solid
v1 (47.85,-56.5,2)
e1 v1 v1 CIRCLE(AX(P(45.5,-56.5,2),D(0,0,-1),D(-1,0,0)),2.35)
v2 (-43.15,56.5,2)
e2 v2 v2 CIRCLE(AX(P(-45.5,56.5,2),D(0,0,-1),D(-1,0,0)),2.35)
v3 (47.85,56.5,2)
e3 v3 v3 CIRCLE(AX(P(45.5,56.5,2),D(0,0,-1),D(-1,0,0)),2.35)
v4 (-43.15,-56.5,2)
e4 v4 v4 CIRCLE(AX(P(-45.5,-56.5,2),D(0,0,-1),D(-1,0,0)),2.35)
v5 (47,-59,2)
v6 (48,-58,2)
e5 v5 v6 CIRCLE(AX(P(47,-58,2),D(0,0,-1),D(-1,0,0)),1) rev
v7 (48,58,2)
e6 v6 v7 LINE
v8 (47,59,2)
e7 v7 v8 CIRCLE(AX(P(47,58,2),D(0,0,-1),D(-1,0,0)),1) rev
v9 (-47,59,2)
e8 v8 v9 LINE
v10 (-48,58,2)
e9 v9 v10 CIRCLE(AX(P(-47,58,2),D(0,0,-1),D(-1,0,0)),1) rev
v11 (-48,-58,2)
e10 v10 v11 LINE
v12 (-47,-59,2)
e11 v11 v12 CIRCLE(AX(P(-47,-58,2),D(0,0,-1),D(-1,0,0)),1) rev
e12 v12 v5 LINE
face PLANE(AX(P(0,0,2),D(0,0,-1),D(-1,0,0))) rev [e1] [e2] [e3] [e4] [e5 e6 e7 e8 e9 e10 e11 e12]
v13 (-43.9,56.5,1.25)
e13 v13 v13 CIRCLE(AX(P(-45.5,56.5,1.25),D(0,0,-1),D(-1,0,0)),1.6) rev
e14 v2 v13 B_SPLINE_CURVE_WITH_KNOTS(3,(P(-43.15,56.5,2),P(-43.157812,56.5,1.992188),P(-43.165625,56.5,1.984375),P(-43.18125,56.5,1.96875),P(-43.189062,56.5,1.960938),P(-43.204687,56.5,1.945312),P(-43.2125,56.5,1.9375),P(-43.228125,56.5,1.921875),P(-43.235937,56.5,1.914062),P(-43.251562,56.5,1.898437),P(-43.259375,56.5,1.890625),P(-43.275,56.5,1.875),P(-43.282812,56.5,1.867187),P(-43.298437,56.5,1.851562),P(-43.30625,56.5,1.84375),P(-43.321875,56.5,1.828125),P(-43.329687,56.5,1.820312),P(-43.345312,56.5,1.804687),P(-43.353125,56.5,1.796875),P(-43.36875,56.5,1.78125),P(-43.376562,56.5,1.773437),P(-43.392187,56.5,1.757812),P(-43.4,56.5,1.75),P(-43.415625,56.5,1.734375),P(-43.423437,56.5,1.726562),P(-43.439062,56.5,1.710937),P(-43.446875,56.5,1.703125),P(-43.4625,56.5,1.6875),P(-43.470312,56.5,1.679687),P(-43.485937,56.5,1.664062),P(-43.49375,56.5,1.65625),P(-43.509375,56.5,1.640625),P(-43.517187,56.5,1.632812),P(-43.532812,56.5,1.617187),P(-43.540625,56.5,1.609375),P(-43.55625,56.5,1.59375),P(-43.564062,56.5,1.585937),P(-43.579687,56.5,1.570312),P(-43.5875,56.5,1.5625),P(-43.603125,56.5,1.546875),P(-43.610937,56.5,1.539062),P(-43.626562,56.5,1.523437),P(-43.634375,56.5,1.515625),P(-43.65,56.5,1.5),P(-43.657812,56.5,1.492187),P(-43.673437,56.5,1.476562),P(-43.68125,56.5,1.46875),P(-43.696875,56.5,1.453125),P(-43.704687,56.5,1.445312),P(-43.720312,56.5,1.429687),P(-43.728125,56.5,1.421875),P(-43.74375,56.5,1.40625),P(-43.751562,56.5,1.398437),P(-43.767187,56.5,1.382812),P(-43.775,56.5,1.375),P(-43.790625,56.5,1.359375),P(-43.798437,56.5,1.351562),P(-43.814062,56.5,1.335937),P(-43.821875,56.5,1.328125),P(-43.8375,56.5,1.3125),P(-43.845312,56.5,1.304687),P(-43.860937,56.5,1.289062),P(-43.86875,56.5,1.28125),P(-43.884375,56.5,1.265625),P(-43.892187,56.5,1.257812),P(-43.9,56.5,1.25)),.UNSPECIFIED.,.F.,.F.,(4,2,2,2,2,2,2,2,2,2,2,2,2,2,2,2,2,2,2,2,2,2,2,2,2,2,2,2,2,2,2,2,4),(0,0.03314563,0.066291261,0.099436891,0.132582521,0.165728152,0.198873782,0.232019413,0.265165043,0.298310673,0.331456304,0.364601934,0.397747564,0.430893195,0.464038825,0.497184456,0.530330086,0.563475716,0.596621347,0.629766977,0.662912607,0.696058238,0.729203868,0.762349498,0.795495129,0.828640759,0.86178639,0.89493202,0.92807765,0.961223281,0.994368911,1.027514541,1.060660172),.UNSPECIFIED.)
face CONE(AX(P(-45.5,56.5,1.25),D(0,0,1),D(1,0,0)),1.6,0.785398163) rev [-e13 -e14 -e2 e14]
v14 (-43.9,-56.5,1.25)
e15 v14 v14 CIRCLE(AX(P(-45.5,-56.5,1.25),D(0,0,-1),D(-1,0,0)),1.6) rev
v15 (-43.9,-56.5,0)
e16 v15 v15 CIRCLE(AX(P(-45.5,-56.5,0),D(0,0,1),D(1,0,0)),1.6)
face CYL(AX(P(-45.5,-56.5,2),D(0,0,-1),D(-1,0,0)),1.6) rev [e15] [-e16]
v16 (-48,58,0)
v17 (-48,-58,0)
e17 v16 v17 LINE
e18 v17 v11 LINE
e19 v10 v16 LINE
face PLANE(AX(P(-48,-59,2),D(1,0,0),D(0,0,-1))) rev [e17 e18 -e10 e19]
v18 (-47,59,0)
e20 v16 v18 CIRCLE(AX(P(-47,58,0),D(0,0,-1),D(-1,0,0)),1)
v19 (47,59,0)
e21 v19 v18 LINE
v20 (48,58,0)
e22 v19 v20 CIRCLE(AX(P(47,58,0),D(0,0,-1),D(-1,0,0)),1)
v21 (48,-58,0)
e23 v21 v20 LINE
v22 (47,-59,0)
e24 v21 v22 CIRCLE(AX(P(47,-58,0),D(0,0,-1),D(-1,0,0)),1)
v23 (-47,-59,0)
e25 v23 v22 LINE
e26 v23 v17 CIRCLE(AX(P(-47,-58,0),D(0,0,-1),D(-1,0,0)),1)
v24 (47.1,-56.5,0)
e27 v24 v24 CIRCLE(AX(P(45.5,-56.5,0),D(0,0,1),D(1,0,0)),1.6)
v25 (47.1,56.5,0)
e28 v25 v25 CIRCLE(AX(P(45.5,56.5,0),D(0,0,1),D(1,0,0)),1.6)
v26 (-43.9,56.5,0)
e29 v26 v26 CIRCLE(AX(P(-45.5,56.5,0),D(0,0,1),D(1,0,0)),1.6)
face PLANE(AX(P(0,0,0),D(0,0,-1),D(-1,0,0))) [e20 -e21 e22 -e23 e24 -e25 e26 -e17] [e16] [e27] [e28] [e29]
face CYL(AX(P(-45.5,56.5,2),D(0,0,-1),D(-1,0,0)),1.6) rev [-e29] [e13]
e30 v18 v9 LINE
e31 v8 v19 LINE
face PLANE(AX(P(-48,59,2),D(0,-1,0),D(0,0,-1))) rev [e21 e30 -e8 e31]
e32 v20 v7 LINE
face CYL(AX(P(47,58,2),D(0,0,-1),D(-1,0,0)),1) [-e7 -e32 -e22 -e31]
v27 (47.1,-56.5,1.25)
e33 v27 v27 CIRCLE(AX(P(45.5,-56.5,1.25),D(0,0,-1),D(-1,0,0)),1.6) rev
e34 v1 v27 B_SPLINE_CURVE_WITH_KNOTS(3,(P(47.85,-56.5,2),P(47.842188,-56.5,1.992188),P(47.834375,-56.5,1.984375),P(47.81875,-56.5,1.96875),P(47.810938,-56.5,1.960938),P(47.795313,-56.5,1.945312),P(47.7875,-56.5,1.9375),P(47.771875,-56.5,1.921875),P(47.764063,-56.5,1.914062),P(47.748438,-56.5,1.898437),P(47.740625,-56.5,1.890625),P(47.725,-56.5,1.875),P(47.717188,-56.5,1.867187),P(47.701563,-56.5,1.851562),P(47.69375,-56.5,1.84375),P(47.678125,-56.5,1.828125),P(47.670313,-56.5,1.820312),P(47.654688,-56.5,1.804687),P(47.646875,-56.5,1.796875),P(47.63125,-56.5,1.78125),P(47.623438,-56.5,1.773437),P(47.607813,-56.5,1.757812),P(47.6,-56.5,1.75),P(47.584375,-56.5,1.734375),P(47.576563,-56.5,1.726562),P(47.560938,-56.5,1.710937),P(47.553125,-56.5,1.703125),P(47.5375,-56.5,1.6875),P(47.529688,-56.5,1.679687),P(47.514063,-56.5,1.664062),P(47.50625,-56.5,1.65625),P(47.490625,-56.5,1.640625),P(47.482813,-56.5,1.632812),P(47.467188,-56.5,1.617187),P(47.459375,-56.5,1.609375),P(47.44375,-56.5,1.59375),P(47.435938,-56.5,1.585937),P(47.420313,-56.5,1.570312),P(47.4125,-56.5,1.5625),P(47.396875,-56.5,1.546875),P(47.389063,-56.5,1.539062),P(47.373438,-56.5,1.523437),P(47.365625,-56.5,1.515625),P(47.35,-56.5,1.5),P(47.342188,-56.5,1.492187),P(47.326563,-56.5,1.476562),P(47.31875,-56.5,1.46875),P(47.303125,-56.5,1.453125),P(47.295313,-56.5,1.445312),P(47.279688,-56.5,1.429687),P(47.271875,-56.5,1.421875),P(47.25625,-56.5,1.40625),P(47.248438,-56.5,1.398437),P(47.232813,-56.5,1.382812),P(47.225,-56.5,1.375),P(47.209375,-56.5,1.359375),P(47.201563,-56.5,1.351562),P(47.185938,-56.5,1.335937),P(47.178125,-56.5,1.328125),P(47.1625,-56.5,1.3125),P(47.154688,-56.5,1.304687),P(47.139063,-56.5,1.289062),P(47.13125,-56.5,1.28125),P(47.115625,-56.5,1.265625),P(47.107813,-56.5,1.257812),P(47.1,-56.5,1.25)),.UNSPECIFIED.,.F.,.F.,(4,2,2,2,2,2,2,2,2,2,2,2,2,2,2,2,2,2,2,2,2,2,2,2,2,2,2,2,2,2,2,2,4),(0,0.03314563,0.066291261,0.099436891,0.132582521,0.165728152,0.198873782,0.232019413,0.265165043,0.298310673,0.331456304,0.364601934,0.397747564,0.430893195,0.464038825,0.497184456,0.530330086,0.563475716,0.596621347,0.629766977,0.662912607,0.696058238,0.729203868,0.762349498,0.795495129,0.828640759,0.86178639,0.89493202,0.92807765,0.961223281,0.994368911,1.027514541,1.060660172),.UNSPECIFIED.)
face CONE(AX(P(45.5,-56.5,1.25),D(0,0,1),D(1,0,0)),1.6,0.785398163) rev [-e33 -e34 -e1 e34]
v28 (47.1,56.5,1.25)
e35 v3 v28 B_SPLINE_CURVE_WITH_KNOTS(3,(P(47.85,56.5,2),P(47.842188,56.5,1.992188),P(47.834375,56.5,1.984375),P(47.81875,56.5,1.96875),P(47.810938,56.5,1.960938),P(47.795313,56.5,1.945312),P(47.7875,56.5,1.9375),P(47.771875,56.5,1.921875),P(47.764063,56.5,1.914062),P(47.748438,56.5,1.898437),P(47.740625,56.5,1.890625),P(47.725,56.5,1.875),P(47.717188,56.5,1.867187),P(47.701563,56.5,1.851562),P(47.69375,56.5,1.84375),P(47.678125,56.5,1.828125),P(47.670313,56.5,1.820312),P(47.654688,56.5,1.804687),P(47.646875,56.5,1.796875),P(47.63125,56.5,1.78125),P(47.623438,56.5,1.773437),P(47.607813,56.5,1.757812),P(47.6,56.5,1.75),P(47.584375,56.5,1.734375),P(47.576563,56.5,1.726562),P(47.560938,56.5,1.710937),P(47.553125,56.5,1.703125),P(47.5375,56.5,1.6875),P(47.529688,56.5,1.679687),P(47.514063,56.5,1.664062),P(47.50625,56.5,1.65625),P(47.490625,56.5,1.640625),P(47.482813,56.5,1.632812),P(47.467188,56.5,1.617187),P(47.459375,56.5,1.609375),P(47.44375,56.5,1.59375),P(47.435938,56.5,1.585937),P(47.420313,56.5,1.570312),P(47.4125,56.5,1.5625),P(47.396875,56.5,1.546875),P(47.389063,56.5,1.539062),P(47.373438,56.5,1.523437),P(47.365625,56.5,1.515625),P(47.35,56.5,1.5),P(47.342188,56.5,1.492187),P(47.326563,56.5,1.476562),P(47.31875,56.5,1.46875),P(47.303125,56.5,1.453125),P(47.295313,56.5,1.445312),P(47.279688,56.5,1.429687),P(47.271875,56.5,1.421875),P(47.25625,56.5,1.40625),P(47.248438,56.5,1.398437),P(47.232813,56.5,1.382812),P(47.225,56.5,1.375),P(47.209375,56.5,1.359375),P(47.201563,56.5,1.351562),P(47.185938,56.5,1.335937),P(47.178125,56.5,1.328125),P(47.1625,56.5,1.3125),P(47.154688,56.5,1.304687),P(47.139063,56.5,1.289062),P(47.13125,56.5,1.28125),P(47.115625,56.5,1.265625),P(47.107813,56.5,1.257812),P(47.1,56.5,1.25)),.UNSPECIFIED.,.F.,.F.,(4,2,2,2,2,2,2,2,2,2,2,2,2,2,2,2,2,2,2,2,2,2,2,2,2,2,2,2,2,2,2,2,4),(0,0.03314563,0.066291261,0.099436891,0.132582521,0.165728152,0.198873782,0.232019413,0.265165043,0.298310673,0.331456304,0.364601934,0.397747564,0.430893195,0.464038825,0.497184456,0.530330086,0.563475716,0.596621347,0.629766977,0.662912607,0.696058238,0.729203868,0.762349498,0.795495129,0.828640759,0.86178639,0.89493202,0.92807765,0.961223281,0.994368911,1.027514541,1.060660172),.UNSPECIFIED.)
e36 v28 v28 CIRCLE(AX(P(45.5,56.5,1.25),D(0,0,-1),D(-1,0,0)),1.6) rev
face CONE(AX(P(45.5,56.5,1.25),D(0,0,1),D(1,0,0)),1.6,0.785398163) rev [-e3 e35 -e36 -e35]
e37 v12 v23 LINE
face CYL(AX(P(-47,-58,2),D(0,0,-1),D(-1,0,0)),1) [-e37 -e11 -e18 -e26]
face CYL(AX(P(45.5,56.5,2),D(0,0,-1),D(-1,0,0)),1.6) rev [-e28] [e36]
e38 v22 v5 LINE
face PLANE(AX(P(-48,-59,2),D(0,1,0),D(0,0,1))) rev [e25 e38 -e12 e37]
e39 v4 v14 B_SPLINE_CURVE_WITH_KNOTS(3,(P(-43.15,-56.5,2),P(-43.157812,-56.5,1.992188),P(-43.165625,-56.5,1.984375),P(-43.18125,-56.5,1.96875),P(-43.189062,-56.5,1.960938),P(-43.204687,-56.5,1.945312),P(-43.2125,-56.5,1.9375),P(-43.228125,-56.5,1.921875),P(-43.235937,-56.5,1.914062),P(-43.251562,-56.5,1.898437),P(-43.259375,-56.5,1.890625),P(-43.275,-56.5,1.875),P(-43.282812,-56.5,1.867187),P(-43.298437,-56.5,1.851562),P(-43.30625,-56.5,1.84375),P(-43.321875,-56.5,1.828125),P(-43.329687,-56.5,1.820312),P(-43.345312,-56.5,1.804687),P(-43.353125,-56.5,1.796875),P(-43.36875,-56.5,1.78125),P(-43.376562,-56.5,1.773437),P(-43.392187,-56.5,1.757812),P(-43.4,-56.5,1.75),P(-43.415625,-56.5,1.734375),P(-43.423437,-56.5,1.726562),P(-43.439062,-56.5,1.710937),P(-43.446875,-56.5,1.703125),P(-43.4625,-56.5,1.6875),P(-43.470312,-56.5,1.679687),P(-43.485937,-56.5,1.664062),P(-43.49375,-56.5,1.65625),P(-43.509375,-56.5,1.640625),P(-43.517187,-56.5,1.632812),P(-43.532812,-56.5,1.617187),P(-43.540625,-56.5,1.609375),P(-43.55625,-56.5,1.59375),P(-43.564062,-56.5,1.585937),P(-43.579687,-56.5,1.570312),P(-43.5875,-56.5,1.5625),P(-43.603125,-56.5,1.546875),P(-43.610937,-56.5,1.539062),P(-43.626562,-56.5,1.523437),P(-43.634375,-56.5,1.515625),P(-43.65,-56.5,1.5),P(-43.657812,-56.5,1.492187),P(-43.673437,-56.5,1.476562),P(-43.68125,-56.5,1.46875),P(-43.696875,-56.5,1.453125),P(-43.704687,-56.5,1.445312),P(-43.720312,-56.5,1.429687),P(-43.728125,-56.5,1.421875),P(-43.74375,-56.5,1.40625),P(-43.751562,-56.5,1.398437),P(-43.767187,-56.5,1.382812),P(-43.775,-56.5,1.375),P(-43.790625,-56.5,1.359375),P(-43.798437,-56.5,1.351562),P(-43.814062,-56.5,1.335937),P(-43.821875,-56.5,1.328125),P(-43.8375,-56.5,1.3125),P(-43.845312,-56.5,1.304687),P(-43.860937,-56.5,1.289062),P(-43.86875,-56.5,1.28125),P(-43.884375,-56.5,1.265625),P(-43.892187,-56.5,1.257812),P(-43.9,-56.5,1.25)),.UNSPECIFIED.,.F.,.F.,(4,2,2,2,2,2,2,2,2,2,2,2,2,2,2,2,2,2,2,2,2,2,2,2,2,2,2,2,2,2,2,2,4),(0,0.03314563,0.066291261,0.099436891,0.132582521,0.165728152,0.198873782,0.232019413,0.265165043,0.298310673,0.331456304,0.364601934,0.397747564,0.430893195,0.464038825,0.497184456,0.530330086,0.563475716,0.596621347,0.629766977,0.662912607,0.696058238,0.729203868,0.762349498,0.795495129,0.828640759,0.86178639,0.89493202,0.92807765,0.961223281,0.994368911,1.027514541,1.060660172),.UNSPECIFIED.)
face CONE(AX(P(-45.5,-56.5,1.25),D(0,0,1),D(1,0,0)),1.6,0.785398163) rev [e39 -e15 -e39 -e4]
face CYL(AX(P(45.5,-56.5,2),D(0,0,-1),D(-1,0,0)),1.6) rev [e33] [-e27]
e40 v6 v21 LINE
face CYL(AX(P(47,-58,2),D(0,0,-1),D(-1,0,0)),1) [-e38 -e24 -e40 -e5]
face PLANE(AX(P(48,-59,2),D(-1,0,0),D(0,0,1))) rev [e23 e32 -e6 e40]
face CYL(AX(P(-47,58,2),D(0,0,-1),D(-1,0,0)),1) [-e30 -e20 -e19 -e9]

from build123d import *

# Parameters (mm, degrees)
SKIZZE1_W                       = 96
SKIZZE1_H                       = 118
SKIZZE1_R                       = 1.6
AUFSATZ_LINEAR_AUSTRAGEN2_DEPTH = 2
FASE2_SIZE                      = 0.75
VERRUNDUNG2_R                   = 1


with BuildPart() as part:
    # Skizze1 → Aufsatz-Linear austragen2 (new body)
    with BuildSketch(Plane.XY):
        Rectangle(SKIZZE1_W, SKIZZE1_H)
        with Locations((-45.5, 56.5)):
            Circle(SKIZZE1_R, mode=Mode.SUBTRACT)
        with Locations((45.5, 56.5)):
            Circle(SKIZZE1_R, mode=Mode.SUBTRACT)
        with Locations((45.5, -56.5)):
            Circle(SKIZZE1_R, mode=Mode.SUBTRACT)
        with Locations((-45.5, -56.5)):
            Circle(SKIZZE1_R, mode=Mode.SUBTRACT)
    extrude(amount=AUFSATZ_LINEAR_AUSTRAGEN2_DEPTH)

    # Fase2
    fase2_edges = [part.edges().sort_by_distance(p)[0] for p in [
        (-47.1, 56.5, 2),
        (43.9, 56.5, 2),
        (43.9, -56.5, 2),
        (-47.1, -56.5, 2),
    ]]
    chamfer(fase2_edges, length=FASE2_SIZE)

    # Verrundung2
    verrundung2_edges = [part.edges().sort_by_distance(p)[0] for p in [
        (48, -59, 1),
        (-48, -59, 1),
        (-48, 59, 1),
        (48, 59, 1),
    ]]
    fillet(verrundung2_edges, radius=VERRUNDUNG2_R)


solid = part.part
